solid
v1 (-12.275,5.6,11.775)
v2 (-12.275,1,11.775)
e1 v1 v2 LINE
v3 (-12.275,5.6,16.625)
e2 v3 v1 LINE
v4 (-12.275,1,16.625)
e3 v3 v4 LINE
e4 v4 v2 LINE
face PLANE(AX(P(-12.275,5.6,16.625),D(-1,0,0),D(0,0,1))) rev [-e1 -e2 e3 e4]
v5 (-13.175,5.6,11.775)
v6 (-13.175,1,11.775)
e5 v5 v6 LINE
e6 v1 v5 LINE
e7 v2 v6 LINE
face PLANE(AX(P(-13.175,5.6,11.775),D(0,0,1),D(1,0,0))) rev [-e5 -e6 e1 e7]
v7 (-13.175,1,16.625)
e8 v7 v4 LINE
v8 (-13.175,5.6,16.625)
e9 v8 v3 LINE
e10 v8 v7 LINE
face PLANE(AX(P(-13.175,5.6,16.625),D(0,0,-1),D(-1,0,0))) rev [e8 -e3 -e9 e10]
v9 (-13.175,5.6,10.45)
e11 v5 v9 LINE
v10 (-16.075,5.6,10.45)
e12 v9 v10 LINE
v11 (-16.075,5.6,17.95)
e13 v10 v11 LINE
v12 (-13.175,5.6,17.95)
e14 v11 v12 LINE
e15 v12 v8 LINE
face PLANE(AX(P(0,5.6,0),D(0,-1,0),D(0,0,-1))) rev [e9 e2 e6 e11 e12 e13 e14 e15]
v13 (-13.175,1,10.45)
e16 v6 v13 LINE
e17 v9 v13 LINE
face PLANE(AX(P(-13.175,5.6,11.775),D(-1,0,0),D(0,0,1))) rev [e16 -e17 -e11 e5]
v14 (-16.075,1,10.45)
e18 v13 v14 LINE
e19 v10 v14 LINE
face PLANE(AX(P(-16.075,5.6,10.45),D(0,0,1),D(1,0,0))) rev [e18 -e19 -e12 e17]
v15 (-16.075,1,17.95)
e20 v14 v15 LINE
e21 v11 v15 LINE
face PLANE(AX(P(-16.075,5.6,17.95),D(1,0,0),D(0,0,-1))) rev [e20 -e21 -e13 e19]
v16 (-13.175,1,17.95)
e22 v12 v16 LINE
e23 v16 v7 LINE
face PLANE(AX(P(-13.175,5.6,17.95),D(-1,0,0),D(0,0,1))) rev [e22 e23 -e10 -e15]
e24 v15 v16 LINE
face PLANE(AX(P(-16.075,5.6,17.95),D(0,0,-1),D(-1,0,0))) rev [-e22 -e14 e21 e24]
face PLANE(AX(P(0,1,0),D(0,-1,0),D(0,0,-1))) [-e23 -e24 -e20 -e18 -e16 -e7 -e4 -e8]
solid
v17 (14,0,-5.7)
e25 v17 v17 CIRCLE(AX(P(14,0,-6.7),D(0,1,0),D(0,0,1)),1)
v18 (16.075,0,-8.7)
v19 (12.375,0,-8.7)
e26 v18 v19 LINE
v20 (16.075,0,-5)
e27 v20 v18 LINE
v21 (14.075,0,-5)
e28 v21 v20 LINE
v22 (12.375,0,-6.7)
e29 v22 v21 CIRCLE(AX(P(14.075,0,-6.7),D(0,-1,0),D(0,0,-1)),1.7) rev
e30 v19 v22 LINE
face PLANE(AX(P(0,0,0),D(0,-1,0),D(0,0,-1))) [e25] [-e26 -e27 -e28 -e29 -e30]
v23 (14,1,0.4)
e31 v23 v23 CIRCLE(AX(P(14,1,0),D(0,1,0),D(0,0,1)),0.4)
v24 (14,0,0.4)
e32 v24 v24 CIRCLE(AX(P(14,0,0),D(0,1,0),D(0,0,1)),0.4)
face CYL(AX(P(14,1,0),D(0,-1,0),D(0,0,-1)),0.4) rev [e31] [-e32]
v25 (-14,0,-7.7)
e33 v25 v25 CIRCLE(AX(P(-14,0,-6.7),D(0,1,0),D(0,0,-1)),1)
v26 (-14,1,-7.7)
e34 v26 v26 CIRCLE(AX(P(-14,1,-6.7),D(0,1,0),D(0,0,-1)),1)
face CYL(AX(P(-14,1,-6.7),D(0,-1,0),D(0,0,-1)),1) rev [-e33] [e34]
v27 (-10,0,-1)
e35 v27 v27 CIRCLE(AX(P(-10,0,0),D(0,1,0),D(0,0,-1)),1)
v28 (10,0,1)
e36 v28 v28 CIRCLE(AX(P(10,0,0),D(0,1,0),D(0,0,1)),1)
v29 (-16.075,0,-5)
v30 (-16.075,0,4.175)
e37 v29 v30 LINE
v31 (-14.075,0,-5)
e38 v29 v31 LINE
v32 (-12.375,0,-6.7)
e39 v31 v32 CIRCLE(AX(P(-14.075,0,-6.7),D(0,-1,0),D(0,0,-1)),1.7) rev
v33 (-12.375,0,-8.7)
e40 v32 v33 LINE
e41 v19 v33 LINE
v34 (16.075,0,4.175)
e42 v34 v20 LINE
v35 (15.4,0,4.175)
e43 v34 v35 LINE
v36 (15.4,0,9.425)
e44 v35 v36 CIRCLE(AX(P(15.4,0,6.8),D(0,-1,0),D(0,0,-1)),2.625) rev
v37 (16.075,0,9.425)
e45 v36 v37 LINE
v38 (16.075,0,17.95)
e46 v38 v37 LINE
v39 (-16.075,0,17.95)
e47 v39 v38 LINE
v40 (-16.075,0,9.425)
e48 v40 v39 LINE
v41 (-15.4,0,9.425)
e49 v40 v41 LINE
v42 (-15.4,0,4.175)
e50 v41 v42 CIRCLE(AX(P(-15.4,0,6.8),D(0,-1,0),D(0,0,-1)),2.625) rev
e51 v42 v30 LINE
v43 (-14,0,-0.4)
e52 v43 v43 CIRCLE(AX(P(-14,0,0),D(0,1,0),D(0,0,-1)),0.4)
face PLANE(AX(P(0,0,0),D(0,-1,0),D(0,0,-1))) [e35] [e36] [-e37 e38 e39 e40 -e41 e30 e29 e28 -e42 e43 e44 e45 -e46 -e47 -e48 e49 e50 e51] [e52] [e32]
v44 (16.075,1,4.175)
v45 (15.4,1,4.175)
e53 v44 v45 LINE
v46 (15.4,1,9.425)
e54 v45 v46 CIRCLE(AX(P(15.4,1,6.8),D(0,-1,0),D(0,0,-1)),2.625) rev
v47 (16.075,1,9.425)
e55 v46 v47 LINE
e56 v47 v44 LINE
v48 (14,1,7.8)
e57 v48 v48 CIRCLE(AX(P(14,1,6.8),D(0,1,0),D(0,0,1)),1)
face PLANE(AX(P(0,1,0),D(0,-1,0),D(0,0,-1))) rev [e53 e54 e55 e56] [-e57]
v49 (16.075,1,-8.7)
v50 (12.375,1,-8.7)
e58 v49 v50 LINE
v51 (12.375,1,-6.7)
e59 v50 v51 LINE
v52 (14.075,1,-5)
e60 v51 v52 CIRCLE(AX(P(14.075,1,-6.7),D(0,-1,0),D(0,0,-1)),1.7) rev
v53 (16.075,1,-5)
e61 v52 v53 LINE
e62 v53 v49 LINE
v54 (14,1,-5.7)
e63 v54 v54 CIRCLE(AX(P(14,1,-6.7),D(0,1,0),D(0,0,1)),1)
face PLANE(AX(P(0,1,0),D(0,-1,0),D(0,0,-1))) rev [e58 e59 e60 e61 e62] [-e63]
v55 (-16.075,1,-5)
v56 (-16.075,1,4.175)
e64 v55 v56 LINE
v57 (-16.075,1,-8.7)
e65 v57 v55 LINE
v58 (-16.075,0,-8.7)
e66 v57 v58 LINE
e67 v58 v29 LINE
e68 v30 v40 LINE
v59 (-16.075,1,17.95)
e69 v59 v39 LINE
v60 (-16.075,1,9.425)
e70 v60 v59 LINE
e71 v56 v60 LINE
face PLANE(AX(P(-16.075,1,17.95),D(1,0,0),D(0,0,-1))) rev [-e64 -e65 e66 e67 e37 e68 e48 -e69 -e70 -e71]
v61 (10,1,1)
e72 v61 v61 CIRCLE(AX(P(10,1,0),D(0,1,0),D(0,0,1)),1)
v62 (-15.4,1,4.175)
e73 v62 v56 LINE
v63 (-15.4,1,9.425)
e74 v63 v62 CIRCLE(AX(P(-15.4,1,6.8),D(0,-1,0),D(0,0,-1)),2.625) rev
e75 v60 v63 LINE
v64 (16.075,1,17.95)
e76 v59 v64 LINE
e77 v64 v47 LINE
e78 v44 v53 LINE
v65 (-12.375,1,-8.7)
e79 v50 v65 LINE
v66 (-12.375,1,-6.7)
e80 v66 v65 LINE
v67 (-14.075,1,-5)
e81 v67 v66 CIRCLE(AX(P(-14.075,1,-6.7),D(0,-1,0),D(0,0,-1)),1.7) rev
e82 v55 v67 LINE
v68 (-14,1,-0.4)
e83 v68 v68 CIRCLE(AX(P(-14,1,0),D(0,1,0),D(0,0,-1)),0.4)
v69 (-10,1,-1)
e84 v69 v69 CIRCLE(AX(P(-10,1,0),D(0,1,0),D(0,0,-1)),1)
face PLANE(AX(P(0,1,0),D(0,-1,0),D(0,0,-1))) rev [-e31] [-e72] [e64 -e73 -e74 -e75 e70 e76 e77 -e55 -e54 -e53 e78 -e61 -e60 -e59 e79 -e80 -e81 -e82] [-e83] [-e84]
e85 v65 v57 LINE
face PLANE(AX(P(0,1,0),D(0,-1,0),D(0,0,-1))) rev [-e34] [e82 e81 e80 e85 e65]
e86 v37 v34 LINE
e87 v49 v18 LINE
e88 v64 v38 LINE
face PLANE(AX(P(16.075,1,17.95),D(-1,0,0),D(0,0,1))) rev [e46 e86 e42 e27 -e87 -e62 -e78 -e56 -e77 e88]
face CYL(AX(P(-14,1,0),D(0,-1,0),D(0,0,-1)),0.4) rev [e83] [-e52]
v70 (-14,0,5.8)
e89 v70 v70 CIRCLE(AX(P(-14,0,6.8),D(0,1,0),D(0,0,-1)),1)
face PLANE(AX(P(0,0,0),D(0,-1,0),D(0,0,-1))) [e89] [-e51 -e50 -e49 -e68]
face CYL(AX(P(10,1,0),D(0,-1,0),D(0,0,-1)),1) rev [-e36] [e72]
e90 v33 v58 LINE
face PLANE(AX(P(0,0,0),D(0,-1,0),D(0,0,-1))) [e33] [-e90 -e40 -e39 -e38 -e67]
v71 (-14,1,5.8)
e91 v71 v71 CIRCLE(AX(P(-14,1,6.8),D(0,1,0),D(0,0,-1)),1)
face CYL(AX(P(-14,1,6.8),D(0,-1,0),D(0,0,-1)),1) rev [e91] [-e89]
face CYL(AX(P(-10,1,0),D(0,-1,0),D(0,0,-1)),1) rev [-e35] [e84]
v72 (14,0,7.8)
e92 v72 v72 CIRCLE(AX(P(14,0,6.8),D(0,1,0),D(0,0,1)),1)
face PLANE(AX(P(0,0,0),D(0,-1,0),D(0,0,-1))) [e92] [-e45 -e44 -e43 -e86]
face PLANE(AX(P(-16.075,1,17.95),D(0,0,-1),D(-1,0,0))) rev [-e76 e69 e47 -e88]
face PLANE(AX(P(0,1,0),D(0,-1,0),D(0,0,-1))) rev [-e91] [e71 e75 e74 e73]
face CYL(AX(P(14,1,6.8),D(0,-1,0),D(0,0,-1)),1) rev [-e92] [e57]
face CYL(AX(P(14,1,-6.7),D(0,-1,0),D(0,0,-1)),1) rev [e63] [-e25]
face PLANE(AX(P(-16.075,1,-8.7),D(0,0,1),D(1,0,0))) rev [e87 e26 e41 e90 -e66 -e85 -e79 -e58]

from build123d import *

# Parameters (mm, degrees)
SKETCH1_W           = 32.15
SKETCH1_H           = 26.65
SKETCH1_R           = 1
SKETCH1_R_2         = 0.4
BOSS_EXTRUDE1_DEPTH = 1
BOSS_EXTRUDE3_DEPTH = 4.6


with BuildPart() as part:
    # Sketch1 → Boss-Extrude1 (new body)
    with BuildSketch(Plane(origin=(0, 0, 0), x_dir=(1, 0, 0), z_dir=(0, 1, 0))):
        with Locations((0, -4.625)):
            Rectangle(SKETCH1_W, SKETCH1_H)
        with Locations((14, 6.7)):
            Circle(SKETCH1_R, mode=Mode.SUBTRACT)
        with Locations((14, -6.8)):
            Circle(SKETCH1_R, mode=Mode.SUBTRACT)
        with Locations((14, 0)):
            Circle(SKETCH1_R_2, mode=Mode.SUBTRACT)
        with Locations((10, 0)):
            Circle(SKETCH1_R, mode=Mode.SUBTRACT)
        with Locations((-14, 0)):
            Circle(SKETCH1_R_2, mode=Mode.SUBTRACT)
        with Locations((-14, -6.8)):
            Circle(SKETCH1_R, mode=Mode.SUBTRACT)
        with Locations((-14, 6.7)):
            Circle(SKETCH1_R, mode=Mode.SUBTRACT)
        with Locations((-10, 0)):
            Circle(SKETCH1_R, mode=Mode.SUBTRACT)
    extrude(amount=BOSS_EXTRUDE1_DEPTH)


with BuildPart() as body_2:
    # Sketch5 → Boss-Extrude3 (new body)
    with BuildSketch(Plane(origin=(0, 1, 0), x_dir=(1, 0, 0), z_dir=(0, 1, 0))):
        Polygon((-16.075, -17.95), (-13.175, -17.95), (-13.175, -16.625), (-12.275, -16.625), (-12.275, -11.775), (-13.175, -11.775), (-13.175, -10.45), (-16.075, -10.45), align=None)
    extrude(amount=BOSS_EXTRUDE3_DEPTH)


solid = Compound([part.part, body_2.part])
